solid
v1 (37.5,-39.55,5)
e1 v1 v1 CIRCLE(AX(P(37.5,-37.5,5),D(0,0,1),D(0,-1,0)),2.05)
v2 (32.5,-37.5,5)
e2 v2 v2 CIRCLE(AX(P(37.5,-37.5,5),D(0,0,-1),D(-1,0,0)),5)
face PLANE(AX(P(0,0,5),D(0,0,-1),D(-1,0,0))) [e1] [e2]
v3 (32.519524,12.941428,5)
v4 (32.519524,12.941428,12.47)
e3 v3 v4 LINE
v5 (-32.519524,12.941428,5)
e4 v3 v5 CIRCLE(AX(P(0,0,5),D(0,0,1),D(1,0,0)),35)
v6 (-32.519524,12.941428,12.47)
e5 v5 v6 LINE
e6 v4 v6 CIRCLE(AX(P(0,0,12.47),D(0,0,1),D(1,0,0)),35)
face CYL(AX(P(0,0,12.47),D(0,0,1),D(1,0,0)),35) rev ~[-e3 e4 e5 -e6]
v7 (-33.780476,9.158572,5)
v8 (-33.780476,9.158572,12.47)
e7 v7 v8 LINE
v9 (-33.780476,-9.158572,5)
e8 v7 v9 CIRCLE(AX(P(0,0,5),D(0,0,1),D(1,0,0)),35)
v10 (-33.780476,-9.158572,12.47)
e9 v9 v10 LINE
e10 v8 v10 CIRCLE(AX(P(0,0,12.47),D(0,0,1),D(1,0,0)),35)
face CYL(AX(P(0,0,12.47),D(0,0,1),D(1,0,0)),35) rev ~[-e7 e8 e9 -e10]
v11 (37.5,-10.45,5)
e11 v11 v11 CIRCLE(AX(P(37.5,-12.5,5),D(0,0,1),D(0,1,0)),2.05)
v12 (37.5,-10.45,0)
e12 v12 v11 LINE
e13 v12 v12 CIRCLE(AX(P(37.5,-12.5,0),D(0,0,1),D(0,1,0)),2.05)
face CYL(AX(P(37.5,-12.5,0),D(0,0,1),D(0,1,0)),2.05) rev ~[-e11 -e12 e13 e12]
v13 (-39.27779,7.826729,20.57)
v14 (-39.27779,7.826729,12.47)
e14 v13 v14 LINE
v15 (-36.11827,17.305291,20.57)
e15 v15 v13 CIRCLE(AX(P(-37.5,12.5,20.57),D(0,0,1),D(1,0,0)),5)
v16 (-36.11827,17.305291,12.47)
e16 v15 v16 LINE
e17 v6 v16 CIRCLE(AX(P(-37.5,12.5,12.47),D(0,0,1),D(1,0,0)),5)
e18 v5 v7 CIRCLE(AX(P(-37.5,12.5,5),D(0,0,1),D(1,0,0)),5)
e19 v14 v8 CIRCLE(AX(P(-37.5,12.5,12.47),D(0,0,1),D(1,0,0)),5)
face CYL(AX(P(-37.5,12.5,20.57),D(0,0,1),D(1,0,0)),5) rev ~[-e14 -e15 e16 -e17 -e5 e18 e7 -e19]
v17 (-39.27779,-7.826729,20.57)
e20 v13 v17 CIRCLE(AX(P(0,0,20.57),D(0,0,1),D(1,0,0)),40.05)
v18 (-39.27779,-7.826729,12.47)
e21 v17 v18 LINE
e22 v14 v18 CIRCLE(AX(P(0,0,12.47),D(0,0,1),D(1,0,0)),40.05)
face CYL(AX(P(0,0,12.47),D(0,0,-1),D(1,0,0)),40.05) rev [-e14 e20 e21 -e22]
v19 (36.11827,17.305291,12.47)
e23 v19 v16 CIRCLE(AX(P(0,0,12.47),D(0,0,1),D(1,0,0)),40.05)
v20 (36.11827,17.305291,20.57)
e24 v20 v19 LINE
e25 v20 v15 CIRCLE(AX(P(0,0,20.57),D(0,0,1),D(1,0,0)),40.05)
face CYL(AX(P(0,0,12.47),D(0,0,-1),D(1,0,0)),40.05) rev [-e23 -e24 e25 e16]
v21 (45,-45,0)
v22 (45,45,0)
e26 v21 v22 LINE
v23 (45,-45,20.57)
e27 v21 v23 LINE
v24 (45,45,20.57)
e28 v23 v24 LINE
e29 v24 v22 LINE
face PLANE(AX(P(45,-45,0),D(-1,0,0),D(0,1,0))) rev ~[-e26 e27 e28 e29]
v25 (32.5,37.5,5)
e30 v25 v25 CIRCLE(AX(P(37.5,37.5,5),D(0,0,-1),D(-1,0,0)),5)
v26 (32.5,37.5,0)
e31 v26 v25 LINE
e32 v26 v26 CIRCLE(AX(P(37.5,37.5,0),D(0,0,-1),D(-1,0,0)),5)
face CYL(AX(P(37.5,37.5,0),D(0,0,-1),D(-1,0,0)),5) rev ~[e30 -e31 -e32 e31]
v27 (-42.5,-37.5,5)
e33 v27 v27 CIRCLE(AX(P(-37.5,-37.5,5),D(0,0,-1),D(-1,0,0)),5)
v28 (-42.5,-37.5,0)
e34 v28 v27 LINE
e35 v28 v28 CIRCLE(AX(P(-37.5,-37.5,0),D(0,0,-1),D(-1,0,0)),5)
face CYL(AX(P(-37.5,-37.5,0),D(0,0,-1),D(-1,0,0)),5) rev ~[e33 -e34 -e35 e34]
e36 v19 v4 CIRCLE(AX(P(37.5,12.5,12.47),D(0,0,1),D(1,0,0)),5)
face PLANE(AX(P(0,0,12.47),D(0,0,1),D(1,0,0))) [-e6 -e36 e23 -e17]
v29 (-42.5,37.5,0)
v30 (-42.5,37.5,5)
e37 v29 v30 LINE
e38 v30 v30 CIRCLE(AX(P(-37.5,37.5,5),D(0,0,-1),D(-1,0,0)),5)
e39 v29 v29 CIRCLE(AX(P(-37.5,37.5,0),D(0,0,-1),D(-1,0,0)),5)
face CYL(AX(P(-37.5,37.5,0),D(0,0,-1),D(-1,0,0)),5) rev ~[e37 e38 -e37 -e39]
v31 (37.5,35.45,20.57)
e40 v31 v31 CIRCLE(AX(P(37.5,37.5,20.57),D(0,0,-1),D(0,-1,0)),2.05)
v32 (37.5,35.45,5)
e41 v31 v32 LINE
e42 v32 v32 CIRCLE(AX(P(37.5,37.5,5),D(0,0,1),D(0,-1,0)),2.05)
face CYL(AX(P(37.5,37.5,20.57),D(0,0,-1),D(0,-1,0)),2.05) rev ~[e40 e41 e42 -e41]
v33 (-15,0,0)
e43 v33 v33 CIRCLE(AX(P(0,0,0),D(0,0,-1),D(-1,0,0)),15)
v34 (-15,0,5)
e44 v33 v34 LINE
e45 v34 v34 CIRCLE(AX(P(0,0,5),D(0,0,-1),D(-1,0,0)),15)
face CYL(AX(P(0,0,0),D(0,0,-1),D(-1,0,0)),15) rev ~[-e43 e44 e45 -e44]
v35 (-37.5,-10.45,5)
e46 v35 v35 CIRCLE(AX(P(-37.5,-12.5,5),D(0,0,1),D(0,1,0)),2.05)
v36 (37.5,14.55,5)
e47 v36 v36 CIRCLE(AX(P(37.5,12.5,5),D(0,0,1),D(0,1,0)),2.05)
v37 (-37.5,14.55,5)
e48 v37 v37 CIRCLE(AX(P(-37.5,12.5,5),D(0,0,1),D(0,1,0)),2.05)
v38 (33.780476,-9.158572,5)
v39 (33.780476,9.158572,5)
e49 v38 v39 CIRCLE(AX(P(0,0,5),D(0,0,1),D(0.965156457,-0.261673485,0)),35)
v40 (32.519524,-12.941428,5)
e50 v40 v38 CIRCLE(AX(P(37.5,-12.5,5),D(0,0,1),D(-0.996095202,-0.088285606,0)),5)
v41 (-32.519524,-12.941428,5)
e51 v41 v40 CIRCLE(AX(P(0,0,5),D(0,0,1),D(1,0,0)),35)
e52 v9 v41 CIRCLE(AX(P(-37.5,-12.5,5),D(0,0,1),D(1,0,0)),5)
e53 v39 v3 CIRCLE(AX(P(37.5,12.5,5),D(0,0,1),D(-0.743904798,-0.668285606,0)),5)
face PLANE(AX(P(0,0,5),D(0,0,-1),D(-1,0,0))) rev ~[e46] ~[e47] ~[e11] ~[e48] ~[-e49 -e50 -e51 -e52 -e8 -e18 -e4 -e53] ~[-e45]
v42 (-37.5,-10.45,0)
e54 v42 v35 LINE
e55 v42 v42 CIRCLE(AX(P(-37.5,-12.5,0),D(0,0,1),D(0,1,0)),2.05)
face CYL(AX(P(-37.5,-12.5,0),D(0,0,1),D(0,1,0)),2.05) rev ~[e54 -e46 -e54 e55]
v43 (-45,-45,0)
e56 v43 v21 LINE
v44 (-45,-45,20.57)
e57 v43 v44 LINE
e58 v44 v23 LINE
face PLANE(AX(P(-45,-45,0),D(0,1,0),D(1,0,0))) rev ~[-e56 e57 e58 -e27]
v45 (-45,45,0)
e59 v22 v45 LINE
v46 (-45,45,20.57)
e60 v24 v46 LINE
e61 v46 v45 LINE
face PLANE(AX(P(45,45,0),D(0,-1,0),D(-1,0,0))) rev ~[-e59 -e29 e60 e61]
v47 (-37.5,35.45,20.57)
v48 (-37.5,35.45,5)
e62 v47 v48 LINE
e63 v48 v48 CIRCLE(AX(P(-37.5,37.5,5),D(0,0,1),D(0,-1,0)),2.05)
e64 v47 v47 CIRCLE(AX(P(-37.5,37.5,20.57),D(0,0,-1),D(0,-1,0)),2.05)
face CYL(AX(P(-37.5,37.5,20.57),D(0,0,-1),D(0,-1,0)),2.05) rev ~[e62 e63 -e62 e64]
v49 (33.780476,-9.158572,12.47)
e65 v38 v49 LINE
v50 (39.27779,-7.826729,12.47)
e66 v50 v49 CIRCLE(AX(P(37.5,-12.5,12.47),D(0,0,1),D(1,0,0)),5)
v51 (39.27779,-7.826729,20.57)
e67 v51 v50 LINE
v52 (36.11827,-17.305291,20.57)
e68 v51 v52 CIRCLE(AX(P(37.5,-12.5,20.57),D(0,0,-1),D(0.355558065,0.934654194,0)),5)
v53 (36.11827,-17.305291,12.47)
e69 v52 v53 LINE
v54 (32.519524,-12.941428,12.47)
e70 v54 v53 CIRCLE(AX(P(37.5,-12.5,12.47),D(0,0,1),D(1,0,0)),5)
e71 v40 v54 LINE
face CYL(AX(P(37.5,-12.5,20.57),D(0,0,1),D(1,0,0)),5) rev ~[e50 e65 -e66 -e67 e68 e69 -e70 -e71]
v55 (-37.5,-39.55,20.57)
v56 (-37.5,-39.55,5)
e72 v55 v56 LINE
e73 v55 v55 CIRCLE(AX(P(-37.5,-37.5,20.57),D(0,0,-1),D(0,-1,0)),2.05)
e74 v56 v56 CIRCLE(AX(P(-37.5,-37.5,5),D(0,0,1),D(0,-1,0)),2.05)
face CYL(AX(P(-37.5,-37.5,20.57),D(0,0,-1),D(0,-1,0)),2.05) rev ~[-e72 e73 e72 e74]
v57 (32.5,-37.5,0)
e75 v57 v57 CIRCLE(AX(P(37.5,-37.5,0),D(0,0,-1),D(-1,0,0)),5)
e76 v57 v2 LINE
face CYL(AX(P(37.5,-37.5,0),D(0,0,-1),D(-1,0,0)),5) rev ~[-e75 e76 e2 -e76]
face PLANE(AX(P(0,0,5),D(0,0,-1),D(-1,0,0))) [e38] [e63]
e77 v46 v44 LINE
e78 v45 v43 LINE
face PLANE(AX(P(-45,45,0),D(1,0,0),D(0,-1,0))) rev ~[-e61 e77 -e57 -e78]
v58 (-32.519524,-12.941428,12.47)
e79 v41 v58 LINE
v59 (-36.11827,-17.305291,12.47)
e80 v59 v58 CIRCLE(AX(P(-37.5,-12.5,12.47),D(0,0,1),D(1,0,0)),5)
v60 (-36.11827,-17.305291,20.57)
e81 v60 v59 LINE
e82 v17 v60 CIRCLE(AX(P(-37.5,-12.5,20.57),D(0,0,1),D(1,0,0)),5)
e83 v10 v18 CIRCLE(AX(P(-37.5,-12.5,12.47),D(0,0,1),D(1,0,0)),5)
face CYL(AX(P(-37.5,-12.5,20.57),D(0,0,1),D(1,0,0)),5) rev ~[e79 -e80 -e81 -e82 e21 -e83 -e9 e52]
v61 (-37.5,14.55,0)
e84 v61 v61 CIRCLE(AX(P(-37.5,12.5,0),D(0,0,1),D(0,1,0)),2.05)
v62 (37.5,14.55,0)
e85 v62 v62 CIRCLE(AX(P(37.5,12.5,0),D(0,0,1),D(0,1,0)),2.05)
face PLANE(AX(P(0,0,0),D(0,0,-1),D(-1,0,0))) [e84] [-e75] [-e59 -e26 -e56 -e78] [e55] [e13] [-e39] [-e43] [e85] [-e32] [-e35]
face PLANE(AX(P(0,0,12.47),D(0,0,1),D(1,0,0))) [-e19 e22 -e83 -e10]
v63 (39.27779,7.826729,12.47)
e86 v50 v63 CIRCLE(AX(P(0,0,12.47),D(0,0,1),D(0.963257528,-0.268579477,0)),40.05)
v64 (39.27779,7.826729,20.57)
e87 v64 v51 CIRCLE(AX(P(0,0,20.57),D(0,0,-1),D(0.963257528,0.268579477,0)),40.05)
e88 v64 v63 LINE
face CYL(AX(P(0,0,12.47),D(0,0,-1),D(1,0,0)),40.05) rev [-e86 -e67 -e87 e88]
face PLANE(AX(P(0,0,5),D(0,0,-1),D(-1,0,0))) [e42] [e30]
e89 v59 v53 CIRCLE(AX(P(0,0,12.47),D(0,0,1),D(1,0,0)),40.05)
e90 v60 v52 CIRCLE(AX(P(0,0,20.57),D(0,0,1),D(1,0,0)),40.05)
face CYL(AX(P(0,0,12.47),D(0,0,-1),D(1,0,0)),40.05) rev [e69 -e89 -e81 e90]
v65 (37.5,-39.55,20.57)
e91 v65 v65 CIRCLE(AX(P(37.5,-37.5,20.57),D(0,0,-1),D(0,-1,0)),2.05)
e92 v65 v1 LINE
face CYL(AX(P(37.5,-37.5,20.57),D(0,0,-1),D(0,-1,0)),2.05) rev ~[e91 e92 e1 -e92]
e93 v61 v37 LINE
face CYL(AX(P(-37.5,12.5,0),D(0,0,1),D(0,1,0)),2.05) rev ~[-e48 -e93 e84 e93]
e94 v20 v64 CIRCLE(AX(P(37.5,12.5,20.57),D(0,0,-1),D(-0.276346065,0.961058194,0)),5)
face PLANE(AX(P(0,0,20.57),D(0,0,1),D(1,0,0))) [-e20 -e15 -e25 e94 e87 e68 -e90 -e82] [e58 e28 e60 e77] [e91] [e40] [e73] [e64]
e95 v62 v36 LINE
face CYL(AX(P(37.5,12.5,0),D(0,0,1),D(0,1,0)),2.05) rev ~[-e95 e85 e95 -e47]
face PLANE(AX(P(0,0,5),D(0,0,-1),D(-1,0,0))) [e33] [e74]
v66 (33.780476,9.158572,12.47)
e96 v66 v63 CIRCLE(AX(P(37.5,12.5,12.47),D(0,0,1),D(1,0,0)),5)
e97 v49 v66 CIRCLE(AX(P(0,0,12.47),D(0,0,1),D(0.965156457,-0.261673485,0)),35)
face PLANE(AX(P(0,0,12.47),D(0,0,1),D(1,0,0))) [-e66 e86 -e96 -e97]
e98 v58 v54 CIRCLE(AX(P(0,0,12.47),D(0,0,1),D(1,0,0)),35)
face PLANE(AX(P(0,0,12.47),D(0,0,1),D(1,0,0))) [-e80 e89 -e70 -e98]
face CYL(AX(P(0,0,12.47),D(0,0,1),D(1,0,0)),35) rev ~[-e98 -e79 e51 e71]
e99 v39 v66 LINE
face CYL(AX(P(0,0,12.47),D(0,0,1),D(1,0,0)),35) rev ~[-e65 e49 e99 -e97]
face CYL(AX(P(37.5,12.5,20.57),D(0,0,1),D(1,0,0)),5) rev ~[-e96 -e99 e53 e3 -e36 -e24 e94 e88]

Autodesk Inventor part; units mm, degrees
ref_plane "YZ Plane" through (0, 0, 0) normal (1, 0, 0) x (0, 1, 0)
ref_plane "XZ Plane" through (0, 0, 0) normal (0, 1, 0) x (-1, 0, 0)
ref_plane "XY Plane" through (0, 0, 0) normal (0, 0, 1) x (1, 0, 0)
sketch "Sketch4" plane through (0, 0, 0) normal (0, 0, 1) x (1, 0, 0)
  line L0 (-45, -45) -> (45, -45)
  line L1 (45, -45) -> (45, 45)
  line L2 (45, 45) -> (-45, 45)
  line L3 (-45, 45) -> (-45, -45)
  line L4 (-45, -45) -> (45, 45) construction
  line L5 (45, -45) -> (-45, 45) construction
  point P0 (0, 0)
  dimension "d10" = 90
  dimension "d11" = 90
extrude "Extrusion4" add sketch "Sketch4" along normal blind 12.47
sketch "Sketch5" plane through (0, 0, 12.47) normal (0, 0, 1) x (1, 0, 0)
  line L0 (-45, -45) -> (45, -45)
  line L1 (45, -45) -> (45, 45)
  line L2 (45, 45) -> (-45, 45)
  line L3 (-45, 45) -> (-45, -45)
  line L4 (-45, -45) -> (45, 45) construction
  line L5 (45, -45) -> (-45, 45) construction
  line L6 (45, 45) -> (-45, 45) projected
  line L7 (45, -45) -> (45, 45) projected
  circle A0 centre (0, 0) radius 40.05
  dimension "d14" = 80.1
extrude "Extrusion5" add sketch "Sketch5" along normal blind 8.1
sketch "Sketch6" plane through (0, 0, 12.47) normal (0, 0, 1) x (1, 0, 0)
  circle A0 centre (0, 0) radius 35
  dimension "d17" = 70
extrude "Extrusion6" cut sketch "Sketch6" against normal through all
sketch "Sketch7" plane through (0, 0, 0) normal (0, 0, -1) x (-1, 0, 0)
  circle A0 centre (0, 0) radius 35
  circle A1 centre (0, 0) radius 35 projected
  circle A2 centre (0, 0) radius 15
  dimension "d20" = 70
  dimension "d21" = 30
extrude "Extrusion7" add sketch "Sketch7" against normal blind 5
sketch "Sketch8" plane through (0, 0, 0) normal (0, 0, -1) x (-1, 0, 0)
  circle A0 centre (-37.5, -12.5) radius 2.05 projected
  circle A1 centre (-37.5, 12.5) radius 2.05 projected
  circle A2 centre (37.5, -12.5) radius 2.05 projected
  circle A3 centre (37.5, 12.5) radius 2.05 projected
  point P0 (0, 0)
hole "Hole1" at (-37.5, -12.5, 0) at (-37.5, 12.5, 0) at (37.5, -12.5, 0) at (37.5, 12.5, 0) direction (0, 0, 1) diameter 4.1 end through all
sketch "Sketch9" plane through (0, 0, 20.57) normal (0, 0, 1) x (1, 0, 0)
  arc A0 (-38.5785, -10.7566) -> (-37.3167, -14.5418) centre (-37.5, -12.5) ccw projected
  arc A1 (-37.3167, 14.5418) -> (-38.5785, 10.7566) centre (-37.5, 12.5) ccw projected
  arc A2 (38.5785, 10.7566) -> (37.3167, 14.5418) centre (37.5, 12.5) ccw projected
  arc A3 (37.3167, -14.5418) -> (38.5785, -10.7566) centre (37.5, -12.5) ccw projected
  circle A4 centre (-37.5, -12.5) radius 5
  circle A5 centre (-37.5, 12.5) radius 5
  circle A6 centre (37.5, 12.5) radius 5
  circle A7 centre (37.5, -12.5) radius 5
  point P0 (0, 0)
  dimension "d31" = 10
  dimension "d32" = 10
  dimension "d33" = 10
  dimension "d34" = 10
extrude "Extrusion8" cut sketch "Sketch9" against normal blind 15.57
sketch "Sketch10" plane through (0, 0, 20.57) normal (0, 0, 1) x (1, 0, 0)
  circle A0 centre (-37.5, -37.5) radius 2.05 projected
  circle A1 centre (37.5, -37.5) radius 2.05 projected
  circle A2 centre (37.5, 37.5) radius 2.05 projected
  circle A3 centre (-37.5, 37.5) radius 2.05 projected
  circle A4 centre (37.5, -37.5) radius 2.05 projected
  circle A5 centre (-37.5, -37.5) radius 2.05 projected
  line L0 (-45, -45) -> (-45, 45) projected
  line L1 (-45, 45) -> (45, 45) projected
  line L2 (45, 45) -> (45, -45) projected
  line L3 (45, -45) -> (-45, -45) projected
  circle A6 centre (0, 0) radius 40.05 projected
  point P0 (0, 0)
hole "Hole2" at (-37.5, -37.5, 20.57) at (-37.5, 37.5, 20.57) at (37.5, 37.5, 20.57) at (37.5, -37.5, 20.57) direction (0, 0, -1) diameter 4.1 end through all
sketch "Sketch11" plane through (0, 0, 0) normal (0, 0, -1) x (-1, 0, 0)
  circle A0 centre (37.5, 37.5) radius 2.05 projected
  circle A1 centre (37.5, -37.5) radius 2.05 projected
  circle A2 centre (-37.5, -37.5) radius 2.05 projected
  circle A3 centre (-37.5, 37.5) radius 2.05 projected
  circle A4 centre (37.5, -37.5) radius 5
  circle A5 centre (-37.5, -37.5) radius 5
  circle A6 centre (-37.5, 37.5) radius 5
  circle A7 centre (37.5, 37.5) radius 5
  point P0 (0, 0)
  dimension "d44" = 10
  dimension "d45" = 10
  dimension "d46" = 10
  dimension "d47" = 10
extrude "Extrusion9" cut sketch "Sketch11" against normal blind 5
properties part number "bearing_bracket1" material "ABS Plastic"
